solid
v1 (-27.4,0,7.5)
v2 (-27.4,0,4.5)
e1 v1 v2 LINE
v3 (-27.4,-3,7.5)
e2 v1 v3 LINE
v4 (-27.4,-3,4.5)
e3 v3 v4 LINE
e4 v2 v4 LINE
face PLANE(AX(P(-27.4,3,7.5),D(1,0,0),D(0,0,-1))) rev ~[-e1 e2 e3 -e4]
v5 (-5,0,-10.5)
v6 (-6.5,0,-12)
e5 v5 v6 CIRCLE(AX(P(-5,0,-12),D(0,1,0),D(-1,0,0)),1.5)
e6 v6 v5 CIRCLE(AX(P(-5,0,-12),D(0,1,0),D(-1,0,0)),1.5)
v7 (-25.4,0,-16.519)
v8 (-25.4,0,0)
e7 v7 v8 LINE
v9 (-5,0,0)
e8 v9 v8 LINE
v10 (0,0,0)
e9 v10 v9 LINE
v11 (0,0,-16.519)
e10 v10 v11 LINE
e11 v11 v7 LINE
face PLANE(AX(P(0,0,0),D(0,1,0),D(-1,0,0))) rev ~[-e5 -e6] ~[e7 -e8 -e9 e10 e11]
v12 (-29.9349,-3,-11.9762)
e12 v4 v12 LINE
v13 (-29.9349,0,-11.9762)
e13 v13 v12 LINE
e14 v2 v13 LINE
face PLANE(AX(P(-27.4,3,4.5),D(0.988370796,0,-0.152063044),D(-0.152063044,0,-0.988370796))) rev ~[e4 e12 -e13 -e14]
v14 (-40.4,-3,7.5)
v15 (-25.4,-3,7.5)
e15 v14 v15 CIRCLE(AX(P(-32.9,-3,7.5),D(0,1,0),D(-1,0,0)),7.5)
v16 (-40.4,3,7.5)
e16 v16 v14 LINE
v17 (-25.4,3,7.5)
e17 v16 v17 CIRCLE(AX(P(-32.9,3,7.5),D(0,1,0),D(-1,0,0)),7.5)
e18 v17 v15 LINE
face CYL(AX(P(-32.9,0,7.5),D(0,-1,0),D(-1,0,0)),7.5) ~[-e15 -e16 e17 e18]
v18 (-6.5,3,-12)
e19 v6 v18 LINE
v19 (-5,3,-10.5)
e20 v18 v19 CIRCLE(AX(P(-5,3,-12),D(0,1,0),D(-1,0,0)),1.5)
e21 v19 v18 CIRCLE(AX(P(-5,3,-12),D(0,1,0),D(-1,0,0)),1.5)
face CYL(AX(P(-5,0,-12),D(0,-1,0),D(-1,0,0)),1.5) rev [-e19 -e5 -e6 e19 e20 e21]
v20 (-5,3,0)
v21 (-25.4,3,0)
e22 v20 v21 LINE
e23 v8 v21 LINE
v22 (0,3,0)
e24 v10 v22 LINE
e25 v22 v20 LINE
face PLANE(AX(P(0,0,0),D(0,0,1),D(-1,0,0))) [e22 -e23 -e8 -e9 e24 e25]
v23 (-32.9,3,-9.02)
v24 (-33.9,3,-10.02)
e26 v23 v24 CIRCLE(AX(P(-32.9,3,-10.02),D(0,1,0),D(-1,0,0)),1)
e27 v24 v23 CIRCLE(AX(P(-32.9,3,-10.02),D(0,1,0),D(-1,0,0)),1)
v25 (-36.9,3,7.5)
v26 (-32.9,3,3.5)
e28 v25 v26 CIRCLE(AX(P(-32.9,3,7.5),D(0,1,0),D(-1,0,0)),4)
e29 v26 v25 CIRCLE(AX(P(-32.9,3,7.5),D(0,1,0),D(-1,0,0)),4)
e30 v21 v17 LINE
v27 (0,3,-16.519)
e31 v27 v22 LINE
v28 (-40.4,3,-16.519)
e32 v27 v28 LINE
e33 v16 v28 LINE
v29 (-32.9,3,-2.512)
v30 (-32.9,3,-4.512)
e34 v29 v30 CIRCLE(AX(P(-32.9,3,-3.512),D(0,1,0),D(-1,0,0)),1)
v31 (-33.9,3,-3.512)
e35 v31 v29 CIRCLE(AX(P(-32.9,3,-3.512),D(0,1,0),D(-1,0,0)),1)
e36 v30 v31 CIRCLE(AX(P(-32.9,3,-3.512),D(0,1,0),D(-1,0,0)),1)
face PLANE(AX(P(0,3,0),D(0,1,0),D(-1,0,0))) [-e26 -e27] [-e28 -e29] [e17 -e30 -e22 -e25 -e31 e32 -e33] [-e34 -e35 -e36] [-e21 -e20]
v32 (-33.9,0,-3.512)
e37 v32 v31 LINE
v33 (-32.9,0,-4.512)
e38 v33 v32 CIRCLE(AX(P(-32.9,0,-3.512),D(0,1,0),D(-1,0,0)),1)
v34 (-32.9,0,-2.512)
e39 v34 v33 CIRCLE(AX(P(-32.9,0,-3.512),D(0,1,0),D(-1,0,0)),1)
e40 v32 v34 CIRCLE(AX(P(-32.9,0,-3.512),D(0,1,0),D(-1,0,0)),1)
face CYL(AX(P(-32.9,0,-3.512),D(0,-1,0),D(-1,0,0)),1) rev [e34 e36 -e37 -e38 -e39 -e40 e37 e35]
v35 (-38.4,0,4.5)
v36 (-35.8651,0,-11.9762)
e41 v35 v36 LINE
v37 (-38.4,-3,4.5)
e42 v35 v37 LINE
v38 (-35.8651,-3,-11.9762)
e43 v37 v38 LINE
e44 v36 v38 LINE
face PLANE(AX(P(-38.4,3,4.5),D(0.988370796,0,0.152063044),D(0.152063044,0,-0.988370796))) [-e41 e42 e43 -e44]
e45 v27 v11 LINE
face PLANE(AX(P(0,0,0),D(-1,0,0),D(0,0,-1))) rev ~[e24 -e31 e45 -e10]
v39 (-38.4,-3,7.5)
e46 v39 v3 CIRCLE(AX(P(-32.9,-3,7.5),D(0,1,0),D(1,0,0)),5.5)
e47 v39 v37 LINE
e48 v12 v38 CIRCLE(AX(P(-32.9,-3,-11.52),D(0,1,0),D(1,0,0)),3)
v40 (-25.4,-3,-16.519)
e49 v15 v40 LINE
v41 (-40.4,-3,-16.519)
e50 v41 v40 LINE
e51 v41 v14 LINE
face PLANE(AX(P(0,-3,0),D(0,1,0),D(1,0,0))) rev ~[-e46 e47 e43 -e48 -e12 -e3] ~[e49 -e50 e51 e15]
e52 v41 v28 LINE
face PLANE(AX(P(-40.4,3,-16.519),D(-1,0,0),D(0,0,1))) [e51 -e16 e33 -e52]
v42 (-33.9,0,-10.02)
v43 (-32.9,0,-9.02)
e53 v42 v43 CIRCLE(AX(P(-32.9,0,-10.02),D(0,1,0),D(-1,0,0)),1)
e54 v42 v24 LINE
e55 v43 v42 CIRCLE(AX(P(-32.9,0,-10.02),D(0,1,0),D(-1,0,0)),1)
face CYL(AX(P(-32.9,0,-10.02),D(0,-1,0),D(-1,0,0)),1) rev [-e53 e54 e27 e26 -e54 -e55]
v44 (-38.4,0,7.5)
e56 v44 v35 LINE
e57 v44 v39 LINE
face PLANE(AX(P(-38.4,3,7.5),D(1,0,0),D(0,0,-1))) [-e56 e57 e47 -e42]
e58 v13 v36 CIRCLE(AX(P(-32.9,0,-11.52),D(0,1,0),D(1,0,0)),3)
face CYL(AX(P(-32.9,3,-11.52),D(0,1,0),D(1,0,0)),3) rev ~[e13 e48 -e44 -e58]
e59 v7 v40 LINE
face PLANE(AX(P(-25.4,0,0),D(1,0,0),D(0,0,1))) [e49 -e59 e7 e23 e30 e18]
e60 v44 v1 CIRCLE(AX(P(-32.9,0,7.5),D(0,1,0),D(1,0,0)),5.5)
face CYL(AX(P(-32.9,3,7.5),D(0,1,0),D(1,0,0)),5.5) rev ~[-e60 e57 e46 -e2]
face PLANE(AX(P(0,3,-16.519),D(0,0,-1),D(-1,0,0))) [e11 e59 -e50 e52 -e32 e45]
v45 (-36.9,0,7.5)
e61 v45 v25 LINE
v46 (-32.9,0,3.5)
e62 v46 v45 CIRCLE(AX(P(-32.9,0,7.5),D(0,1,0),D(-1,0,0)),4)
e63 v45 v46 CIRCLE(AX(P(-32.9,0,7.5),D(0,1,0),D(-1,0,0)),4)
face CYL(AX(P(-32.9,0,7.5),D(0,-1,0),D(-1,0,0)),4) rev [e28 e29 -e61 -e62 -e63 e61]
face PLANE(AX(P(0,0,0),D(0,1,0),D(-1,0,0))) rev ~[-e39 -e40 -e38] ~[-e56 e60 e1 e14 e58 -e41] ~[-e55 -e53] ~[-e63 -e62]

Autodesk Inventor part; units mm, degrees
ref_plane "YZ Plane" through (0, 0, 0) normal (1, 0, 0) x (0, 1, 0)
ref_plane "XZ Plane" through (0, 0, 0) normal (0, 1, 0) x (-1, 0, 0)
ref_plane "XY Plane" through (0, 0, 0) normal (0, 0, 1) x (1, 0, 0)
sketch "Sketch3" plane through (0, 0, 0) normal (0, 1, 0) x (-1, 0, 0)
  line L0 (0, 0) -> (0, -60)
  line L1 (0, 0) -> (60, 0) construction
  line L2 (0, -60) -> (12.519, -60)
  line L3 (0, 0) -> (25.4, 0)
  line L4 (25.4, 0) -> (25.4, 7.5)
  arc A0 (40.4, 7.5) -> (25.4, 7.5) centre (32.9, 7.5) ccw
  line L5 (40.4, 7.5) -> (40.4, -16.519)
  line L6 (40.4, -16.519) -> (12.519, -60)
  line L7 (0, -30) -> (5, -30)
  line L8 (5, -60) -> (5, -48)
  line L9 (5, 0) -> (5, -12)
  circle A1 centre (5, -12) radius 1.5
  circle A2 centre (5, -48) radius 1.5
  circle A3 centre (32.9, 7.5) radius 4
  line L10 (32.9, 7.5) -> (32.9, -3.512)
  line L11 (32.9, -3.512) -> (32.9, -10.02)
  circle A4 centre (32.9, -3.512) radius 1
  circle A5 centre (32.9, -10.02) radius 1
  dimension "d6" = 60
  dimension "d7" = 90
  dimension "d8" = 12.519
  dimension "d9" = 25.4
  dimension "d10" = 7.5
  dimension "d11" = 15
  dimension "d13" = 24.019
  dimension "d18" = 5
  dimension "d19" = 12
  dimension "d20" = 12
  dimension "d21" = 3
  dimension "d22" = 3
  dimension "d25" = 8
  dimension "d26" = 11.012
  dimension "d27" = 6.508
  dimension "d28" = 2
  dimension "d29" = 2
extrude "Extrusion1" add sketch "Sketch3" along normal blind 3
sketch "Sketch6" plane through (0, 3, 0) normal (0, 1, 0) x (1, 0, 0)
  circle A0 centre (-32.9, -7.5) radius 4 projected
  circle A1 centre (-5, 48) radius 1.5 projected
  circle A2 centre (-5, 12) radius 1.5 projected
  circle A3 centre (-32.9, 10.02) radius 1 projected
  circle A4 centre (-32.9, 3.512) radius 1 projected
  line L0 (0, 0) -> (0, 60) projected
  line L1 (0, 60) -> (-12.519, 60) projected
  line L2 (-12.519, 60) -> (-40.4, 16.519) projected
  line L3 (-40.4, 16.519) -> (-40.4, -7.5) projected
  arc A5 (-40.4, -7.5) -> (-25.4, -7.5) centre (-32.9, -7.5) ccw projected
  line L4 (-25.4, -7.5) -> (-25.4, 0) projected
  line L5 (-25.4, 0) -> (0, 0) projected
  line L6 (-40.4, 16.519) -> (-25.4, 16.519)
  line L7 (-25.4, -7.5) -> (-25.4, 0) projected
  line L8 (-25.4, 16.519) -> (-25.4, 0)
  circle A6 centre (-32.9, -7.5) radius 5.5
  line L9 (-32.9, 10.02) -> (-32.9, 11.52)
  circle A7 centre (-32.9, 11.52) radius 3
  line L10 (-38.4, -7.5) -> (-38.4, -4.5)
  line L11 (-27.4, -7.5) -> (-27.4, -4.5)
  line L12 (-27.4, -4.5) -> (-29.9349, 11.9762)
  line L13 (-38.4, -4.5) -> (-35.8651, 11.9762)
  point P0 (0, 0)
  dimension "d31" = 11
  dimension "d32" = 1.5
  dimension "d33" = 6
  dimension "d34" = 3
extrude "Extrusion3" add sketch "Sketch6" against normal blind 6 contours L4 A5 L3 L6 L8
sketch "Sketch7" plane through (0, 3, 0) normal (0, 1, 0) x (1, 0, 0)
  line L0 (-40.4, 16.519) -> (-40.4, -7.5) projected
  line L1 (0, 60) -> (-12.519, 60) projected
  line L2 (0, 0) -> (0, 60) projected
  line L3 (-40.4, 60) -> (0, 60)
  line L4 (0, 60) -> (0, 16.519)
  line L5 (0, 16.519) -> (-40.4, 16.519)
  line L6 (-40.4, 16.519) -> (-40.4, 60)
extrude "Extrusion4" cut sketch "Sketch7" against normal blind 25.4
properties part number "exShort"
